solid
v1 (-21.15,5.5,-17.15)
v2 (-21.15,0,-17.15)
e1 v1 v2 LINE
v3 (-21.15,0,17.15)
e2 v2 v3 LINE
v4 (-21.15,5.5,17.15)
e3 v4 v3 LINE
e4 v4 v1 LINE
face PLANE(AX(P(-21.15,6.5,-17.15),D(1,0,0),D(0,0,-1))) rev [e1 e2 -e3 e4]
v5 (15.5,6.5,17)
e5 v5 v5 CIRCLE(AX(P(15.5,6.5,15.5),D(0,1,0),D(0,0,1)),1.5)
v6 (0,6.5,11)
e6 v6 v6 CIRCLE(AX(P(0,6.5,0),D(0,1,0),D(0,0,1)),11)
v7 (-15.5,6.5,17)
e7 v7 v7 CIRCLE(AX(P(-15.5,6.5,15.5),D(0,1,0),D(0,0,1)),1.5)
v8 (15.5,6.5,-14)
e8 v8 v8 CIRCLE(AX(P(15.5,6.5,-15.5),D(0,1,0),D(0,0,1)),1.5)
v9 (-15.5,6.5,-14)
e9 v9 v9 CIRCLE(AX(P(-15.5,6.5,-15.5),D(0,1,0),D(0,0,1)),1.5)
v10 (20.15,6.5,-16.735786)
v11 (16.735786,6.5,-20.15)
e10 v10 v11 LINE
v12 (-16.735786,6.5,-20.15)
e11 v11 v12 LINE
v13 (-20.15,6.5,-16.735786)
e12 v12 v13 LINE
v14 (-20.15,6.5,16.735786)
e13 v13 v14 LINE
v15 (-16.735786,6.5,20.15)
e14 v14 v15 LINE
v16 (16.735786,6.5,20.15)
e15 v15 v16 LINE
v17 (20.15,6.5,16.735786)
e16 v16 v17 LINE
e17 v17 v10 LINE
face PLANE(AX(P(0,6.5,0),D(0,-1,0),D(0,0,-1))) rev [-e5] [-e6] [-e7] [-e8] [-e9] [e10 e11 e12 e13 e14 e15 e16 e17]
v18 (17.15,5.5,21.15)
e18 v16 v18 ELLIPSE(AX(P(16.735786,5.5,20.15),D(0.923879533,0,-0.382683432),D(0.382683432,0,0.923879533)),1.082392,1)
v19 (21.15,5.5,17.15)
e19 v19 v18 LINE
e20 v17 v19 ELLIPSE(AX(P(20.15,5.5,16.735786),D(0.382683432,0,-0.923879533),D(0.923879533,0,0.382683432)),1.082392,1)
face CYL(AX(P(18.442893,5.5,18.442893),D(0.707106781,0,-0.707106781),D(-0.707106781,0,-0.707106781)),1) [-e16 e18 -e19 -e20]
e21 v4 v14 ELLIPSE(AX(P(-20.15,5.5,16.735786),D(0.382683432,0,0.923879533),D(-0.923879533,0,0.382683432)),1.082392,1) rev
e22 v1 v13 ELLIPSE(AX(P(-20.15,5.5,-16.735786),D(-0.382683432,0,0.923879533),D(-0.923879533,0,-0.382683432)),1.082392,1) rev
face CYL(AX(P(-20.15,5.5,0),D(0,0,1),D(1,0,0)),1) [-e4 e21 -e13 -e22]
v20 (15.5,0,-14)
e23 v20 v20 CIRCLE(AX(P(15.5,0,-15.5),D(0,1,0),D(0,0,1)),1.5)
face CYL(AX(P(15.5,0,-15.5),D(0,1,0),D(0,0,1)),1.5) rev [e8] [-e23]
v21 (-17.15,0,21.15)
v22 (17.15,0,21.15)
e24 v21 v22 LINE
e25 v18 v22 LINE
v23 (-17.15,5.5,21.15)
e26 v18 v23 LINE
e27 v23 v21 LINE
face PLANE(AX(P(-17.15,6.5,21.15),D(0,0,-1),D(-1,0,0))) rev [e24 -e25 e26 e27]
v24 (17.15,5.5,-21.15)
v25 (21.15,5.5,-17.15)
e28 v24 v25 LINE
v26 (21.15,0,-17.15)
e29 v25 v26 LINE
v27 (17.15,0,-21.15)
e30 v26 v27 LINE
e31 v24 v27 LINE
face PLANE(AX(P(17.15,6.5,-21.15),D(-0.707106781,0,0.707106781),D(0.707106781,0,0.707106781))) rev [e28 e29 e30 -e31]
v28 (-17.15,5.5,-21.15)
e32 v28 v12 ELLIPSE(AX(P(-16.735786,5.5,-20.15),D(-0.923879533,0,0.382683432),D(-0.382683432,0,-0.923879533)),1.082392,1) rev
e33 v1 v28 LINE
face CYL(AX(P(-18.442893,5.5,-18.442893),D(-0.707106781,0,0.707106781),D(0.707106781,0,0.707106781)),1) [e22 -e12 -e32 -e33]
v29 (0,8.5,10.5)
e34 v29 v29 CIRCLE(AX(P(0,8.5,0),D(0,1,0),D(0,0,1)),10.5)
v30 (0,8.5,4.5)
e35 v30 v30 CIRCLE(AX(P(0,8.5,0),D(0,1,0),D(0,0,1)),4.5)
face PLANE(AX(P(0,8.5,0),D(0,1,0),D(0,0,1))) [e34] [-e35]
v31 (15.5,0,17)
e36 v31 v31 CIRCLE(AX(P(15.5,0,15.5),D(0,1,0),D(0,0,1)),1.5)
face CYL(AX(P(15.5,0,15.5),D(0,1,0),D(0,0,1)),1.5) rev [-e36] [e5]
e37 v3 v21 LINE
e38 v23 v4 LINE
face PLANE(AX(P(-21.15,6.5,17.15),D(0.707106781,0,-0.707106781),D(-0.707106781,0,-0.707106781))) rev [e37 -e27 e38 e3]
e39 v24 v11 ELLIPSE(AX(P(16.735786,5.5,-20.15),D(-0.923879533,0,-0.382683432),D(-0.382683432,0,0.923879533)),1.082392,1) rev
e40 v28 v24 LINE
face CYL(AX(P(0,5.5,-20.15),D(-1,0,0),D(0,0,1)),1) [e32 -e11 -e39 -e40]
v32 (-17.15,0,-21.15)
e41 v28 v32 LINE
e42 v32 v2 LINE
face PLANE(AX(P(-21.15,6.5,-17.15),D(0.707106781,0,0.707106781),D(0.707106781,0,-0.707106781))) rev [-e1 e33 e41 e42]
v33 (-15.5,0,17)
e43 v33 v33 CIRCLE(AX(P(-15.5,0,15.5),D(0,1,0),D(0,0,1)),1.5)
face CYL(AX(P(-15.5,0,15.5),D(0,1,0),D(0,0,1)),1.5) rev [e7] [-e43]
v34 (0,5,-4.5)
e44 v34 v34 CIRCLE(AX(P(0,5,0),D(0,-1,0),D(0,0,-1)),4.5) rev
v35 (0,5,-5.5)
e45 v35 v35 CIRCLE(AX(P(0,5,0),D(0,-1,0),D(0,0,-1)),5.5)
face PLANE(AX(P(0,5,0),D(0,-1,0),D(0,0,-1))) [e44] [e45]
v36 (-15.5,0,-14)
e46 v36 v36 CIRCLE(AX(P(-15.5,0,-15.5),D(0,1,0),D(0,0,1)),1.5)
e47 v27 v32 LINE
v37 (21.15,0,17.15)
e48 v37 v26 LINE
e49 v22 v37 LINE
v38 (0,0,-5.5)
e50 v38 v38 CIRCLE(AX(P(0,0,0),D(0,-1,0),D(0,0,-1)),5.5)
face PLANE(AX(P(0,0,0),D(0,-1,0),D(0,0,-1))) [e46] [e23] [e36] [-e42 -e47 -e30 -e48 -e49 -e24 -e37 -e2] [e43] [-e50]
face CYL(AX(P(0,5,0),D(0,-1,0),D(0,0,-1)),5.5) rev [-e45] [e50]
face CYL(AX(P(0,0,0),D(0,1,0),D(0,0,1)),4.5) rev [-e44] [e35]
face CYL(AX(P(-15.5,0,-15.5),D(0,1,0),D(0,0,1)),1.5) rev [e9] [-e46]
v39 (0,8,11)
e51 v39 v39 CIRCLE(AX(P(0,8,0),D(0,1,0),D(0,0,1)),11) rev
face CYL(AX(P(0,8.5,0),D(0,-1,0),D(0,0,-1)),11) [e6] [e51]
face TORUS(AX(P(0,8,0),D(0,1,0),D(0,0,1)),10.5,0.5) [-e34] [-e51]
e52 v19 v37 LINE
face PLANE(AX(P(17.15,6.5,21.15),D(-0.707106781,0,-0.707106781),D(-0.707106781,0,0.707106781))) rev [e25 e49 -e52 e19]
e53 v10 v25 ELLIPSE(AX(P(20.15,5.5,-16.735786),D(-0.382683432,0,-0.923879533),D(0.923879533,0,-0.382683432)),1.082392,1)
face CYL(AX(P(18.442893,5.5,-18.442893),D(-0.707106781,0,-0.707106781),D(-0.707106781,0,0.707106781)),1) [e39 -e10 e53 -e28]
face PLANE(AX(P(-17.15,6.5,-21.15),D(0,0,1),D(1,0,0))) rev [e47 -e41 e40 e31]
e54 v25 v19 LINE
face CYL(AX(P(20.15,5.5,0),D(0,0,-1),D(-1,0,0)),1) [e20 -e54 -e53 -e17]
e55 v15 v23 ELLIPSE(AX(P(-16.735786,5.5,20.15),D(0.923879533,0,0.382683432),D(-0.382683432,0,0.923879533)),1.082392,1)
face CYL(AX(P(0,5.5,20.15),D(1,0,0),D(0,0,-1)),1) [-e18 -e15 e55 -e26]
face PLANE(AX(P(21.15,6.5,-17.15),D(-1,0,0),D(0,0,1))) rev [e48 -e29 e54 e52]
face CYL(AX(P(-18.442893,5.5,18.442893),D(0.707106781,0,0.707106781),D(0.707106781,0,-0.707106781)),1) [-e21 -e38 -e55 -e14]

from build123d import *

# Parameters (mm, degrees)
BOSS_EXTRUDE1_DEPTH = 6.5
SKETCH2_R           = 11
BOSS_EXTRUDE2_DEPTH = 2
SKETCH3_R           = 1.5
CUT_EXTRUDE2_DEPTH  = 6.5
SKETCH4_R           = 4.5
CUT_EXTRUDE3_DEPTH  = 8.5
SKETCH5_R           = 5.5
CUT_EXTRUDE4_DEPTH  = 5
FILLET1_R           = 1
FILLET2_R           = 0.5


with BuildPart() as part:
    # Sketch1 → Boss-Extrude1 (new body)
    with BuildSketch(Plane(origin=(0, 0, 0), x_dir=(1, 0, 0), z_dir=(0, 1, 0))):
        Polygon((-21.15, 17.15), (-17.15, 21.15), (17.15, 21.15), (21.15, 17.15), (21.15, -17.15), (17.15, -21.15), (-17.15, -21.15), (-21.15, -17.15), align=None)
    extrude(amount=BOSS_EXTRUDE1_DEPTH)

    # Sketch2 → Boss-Extrude2 (add)
    with BuildSketch(Plane(origin=(0, 6.5, 0), x_dir=(1, 0, 0), z_dir=(0, 1, 0))):
        Circle(SKETCH2_R)
    extrude(amount=BOSS_EXTRUDE2_DEPTH)

    # Sketch3 → Cut-Extrude2 (cut)
    with BuildSketch(Plane(origin=(0, 6.5, 0), x_dir=(1, 0, 0), z_dir=(0, 1, 0))):
        with Locations((-15.5, 15.5)):
            Circle(SKETCH3_R)
        with Locations((15.5, 15.5)):
            Circle(SKETCH3_R)
        with Locations((-15.5, -15.5)):
            Circle(SKETCH3_R)
        with Locations((15.5, -15.5)):
            Circle(SKETCH3_R)
    extrude(amount=-CUT_EXTRUDE2_DEPTH, mode=Mode.SUBTRACT)

    # Sketch4 → Cut-Extrude3 (cut)
    with BuildSketch(Plane(origin=(0, 8.5, 0), x_dir=(1, 0, 0), z_dir=(0, 1, 0))):
        Circle(SKETCH4_R)
    extrude(amount=-CUT_EXTRUDE3_DEPTH, mode=Mode.SUBTRACT)

    # Sketch5 → Cut-Extrude4 (cut)
    with BuildSketch(Plane.XZ):
        Circle(SKETCH5_R)
    extrude(amount=-CUT_EXTRUDE4_DEPTH, mode=Mode.SUBTRACT)

    # Fillet1
    fillet1_edges = [part.edges().sort_by_distance(p)[0] for p in [
        (-21.15, 6.5, 0),
        (-19.15, 6.5, 19.15),
        (0, 6.5, 21.15),
        (19.15, 6.5, 19.15),
        (21.15, 6.5, 0),
        (19.15, 6.5, -19.15),
        (0, 6.5, -21.15),
        (-19.15, 6.5, -19.15),
    ]]
    fillet(fillet1_edges, radius=FILLET1_R)

    # Fillet2
    fillet2_edges = [part.edges().sort_by_distance(p)[0] for p in [
        (-11, 8.5, 0),
    ]]
    fillet(fillet2_edges, radius=FILLET2_R)


solid = part.part
